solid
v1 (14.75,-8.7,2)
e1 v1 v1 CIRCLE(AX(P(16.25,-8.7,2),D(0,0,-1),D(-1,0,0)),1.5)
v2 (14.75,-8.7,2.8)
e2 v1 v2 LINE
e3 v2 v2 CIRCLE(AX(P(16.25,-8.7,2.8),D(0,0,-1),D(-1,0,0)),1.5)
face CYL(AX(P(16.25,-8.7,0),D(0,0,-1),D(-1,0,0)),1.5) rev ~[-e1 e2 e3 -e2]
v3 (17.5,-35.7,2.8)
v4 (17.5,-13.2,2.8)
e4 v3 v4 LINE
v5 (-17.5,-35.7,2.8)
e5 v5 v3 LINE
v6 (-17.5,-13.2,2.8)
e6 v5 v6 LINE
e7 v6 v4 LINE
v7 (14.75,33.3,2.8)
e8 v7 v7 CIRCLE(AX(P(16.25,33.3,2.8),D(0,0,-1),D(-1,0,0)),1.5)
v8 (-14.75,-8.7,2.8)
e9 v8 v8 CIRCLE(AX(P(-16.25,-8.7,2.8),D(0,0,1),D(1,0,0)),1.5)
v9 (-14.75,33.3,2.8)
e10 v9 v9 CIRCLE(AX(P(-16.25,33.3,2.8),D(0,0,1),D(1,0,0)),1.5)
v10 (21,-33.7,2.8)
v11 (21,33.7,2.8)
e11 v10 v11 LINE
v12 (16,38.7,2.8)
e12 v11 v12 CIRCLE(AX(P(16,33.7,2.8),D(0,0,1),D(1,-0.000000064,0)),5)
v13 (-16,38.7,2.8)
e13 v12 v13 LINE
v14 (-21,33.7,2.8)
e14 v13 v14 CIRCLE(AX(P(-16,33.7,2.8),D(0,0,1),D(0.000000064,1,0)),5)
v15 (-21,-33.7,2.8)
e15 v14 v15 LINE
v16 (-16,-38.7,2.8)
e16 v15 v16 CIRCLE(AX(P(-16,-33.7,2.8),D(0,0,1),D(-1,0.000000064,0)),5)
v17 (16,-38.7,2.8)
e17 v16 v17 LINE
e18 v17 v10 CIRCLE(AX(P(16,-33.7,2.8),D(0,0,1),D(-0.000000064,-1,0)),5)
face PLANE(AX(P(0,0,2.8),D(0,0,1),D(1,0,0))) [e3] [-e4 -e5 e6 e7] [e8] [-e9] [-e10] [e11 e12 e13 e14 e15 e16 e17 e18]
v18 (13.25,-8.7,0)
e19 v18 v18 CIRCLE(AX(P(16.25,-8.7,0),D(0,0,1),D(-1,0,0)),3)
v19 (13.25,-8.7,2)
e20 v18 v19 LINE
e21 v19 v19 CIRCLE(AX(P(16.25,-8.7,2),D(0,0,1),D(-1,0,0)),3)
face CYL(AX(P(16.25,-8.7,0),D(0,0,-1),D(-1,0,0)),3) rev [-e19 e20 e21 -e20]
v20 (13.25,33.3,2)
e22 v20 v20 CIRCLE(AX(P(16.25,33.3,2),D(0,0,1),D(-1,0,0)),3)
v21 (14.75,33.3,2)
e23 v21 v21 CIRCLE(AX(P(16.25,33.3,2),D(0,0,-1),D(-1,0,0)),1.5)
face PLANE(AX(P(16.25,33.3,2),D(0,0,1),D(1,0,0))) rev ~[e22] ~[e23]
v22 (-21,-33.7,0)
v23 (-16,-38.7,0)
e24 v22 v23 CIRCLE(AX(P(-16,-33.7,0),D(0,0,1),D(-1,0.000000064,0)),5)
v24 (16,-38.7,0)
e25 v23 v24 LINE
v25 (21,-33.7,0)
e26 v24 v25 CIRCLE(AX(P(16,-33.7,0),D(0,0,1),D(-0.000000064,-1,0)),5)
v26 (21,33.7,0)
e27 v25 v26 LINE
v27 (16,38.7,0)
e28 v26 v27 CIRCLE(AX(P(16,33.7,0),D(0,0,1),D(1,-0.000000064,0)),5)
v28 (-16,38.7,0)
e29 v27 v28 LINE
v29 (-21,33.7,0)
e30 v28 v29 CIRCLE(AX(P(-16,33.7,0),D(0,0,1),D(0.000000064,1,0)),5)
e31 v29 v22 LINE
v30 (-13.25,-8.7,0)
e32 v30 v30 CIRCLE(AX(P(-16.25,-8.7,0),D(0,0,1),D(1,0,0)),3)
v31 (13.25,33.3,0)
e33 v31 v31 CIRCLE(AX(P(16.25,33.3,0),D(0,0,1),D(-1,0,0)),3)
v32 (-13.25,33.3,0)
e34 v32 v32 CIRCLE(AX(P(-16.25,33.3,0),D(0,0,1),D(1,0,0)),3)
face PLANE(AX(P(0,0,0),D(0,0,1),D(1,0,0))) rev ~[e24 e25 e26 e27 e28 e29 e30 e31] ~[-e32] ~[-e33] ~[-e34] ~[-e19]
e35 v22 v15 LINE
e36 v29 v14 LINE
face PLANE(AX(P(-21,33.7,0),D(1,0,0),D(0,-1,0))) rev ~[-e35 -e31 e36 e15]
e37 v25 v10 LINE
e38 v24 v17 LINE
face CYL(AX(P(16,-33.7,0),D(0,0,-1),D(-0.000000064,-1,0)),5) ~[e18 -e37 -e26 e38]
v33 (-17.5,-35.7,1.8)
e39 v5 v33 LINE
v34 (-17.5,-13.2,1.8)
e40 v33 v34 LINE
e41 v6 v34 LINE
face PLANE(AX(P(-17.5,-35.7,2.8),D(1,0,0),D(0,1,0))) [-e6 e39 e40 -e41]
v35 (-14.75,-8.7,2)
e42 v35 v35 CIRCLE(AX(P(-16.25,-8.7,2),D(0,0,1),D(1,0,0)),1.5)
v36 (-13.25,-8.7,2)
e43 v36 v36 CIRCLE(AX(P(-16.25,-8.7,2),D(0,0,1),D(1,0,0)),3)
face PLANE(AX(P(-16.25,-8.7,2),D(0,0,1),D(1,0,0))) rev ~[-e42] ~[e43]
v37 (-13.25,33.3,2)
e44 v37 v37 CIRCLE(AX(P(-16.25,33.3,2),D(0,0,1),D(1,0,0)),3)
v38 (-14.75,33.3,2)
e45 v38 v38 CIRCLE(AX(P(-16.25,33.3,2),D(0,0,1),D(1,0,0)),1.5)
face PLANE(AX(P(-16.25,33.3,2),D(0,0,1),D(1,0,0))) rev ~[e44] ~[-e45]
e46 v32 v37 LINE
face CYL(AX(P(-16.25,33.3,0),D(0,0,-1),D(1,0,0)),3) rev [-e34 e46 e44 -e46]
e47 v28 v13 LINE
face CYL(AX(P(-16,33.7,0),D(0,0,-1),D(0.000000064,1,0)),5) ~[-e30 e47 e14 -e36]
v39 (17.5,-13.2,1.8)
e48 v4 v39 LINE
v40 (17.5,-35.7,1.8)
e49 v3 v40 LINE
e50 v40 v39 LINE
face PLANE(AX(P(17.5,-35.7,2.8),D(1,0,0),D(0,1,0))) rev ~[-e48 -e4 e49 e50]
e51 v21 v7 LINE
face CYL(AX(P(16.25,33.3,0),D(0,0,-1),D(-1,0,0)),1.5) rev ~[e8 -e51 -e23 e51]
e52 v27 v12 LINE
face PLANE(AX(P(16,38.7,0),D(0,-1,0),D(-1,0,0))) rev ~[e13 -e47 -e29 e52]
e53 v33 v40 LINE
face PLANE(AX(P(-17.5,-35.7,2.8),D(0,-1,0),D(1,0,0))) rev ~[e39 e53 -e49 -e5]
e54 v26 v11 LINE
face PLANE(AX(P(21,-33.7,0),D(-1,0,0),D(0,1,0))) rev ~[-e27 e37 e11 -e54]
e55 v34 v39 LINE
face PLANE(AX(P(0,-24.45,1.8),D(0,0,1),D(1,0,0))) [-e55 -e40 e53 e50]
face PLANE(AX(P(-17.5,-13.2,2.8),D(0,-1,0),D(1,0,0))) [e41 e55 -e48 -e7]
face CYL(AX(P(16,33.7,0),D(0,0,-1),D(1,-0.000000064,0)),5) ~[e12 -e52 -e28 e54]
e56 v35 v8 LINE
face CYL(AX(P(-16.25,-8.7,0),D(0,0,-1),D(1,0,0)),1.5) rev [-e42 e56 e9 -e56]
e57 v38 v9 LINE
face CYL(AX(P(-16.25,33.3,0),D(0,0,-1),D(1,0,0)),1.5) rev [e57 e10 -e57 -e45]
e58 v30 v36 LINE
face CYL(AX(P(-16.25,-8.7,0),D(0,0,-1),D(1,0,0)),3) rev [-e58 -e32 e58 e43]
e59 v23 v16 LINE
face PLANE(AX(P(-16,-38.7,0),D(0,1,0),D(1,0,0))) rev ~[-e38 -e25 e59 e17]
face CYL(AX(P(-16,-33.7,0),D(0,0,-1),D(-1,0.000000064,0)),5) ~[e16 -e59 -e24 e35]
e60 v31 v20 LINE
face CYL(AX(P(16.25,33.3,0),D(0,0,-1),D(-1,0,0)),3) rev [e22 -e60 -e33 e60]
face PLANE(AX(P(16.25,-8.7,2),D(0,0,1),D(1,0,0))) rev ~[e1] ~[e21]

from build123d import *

# Parameters (mm, degrees)
F0_R     = 3
F0_R_2   = 1.5
F1_DEPTH = 2.8
F2_DEPTH = 2
F3_W     = 35
F3_H     = 22.5
F4_DEPTH = 1


with BuildPart() as f1:
    # F0 (on Top) → F1 (new body)
    with BuildSketch(Plane.XY):
        with BuildLine():
            Line((16, 38.7), (-16, 38.7))
            ThreePointArc((-16, 38.7), (-19.535534, 37.235534), (-21, 33.7))
            Line((-21, 33.7), (-21, -33.7))
            ThreePointArc((-21, -33.7), (-19.535534, -37.235534), (-16, -38.7))
            Line((-16, -38.7), (16, -38.7))
            ThreePointArc((16, -38.7), (19.535534, -37.235534), (21, -33.7))
            Line((21, -33.7), (21, 33.7))
            ThreePointArc((21, 33.7), (19.535534, 37.235534), (16, 38.7))
        make_face()
        with Locations((-16.25, -8.7)):
            Circle(F0_R, mode=Mode.SUBTRACT)
        with BuildLine():
            ThreePointArc((19.25, -8.7), (16.25, -11.7), (13.25, -8.7))
            ThreePointArc((13.25, -8.7), (16.25, -5.7), (19.25, -8.7))
        make_face(mode=Mode.SUBTRACT)
        with Locations((-16.25, 33.3)):
            Circle(F0_R, mode=Mode.SUBTRACT)
        with BuildLine():
            ThreePointArc((19.25, 33.3), (16.25, 30.3), (13.25, 33.3))
            ThreePointArc((13.25, 33.3), (16.25, 36.3), (19.25, 33.3))
        make_face(mode=Mode.SUBTRACT)
        with Locations((-16.25, 33.3)):
            Circle(F0_R)
        with Locations((-16.25, 33.3)):
            Circle(F0_R_2, mode=Mode.SUBTRACT)
        with BuildLine():
            ThreePointArc((19.25, 33.3), (16.25, 36.3), (13.25, 33.3))
            ThreePointArc((13.25, 33.3), (16.25, 30.3), (19.25, 33.3))
        make_face()
        with BuildLine():
            ThreePointArc((17.75, 33.3), (16.25, 31.8), (14.75, 33.3))
            ThreePointArc((14.75, 33.3), (16.25, 34.8), (17.75, 33.3))
        make_face(mode=Mode.SUBTRACT)
        with Locations((-16.25, -8.7)):
            Circle(F0_R)
        with Locations((-16.25, -8.7)):
            Circle(F0_R_2, mode=Mode.SUBTRACT)
        with BuildLine():
            ThreePointArc((19.25, -8.7), (16.25, -5.7), (13.25, -8.7))
            ThreePointArc((13.25, -8.7), (16.25, -11.7), (19.25, -8.7))
        make_face()
        with BuildLine():
            ThreePointArc((17.75, -8.7), (16.25, -10.2), (14.75, -8.7))
            ThreePointArc((14.75, -8.7), (16.25, -7.2), (17.75, -8.7))
        make_face(mode=Mode.SUBTRACT)
    extrude(amount=F1_DEPTH)

    # F0 (on Top) → F2 (cut)
    with BuildSketch(Plane.XY):
        with BuildLine():
            ThreePointArc((19.25, 33.3), (16.25, 36.3), (13.25, 33.3))
            ThreePointArc((13.25, 33.3), (16.25, 30.3), (19.25, 33.3))
        make_face()
        with BuildLine():
            ThreePointArc((17.75, 33.3), (16.25, 31.8), (14.75, 33.3))
            ThreePointArc((14.75, 33.3), (16.25, 34.8), (17.75, 33.3))
        make_face(mode=Mode.SUBTRACT)
        with Locations((-16.25, 33.3)):
            Circle(F0_R)
        with Locations((-16.25, 33.3)):
            Circle(F0_R_2, mode=Mode.SUBTRACT)
        with BuildLine():
            ThreePointArc((19.25, -8.7), (16.25, -5.7), (13.25, -8.7))
            ThreePointArc((13.25, -8.7), (16.25, -11.7), (19.25, -8.7))
        make_face()
        with BuildLine():
            ThreePointArc((17.75, -8.7), (16.25, -10.2), (14.75, -8.7))
            ThreePointArc((14.75, -8.7), (16.25, -7.2), (17.75, -8.7))
        make_face(mode=Mode.SUBTRACT)
        with Locations((-16.25, -8.7)):
            Circle(F0_R)
        with Locations((-16.25, -8.7)):
            Circle(F0_R_2, mode=Mode.SUBTRACT)
    extrude(amount=F2_DEPTH, mode=Mode.SUBTRACT)

    # F3 (on face) → F4 (cut)
    with BuildSketch(Plane.XY.offset(2.8)):
        with Locations((0, -24.45)):
            Rectangle(F3_W, F3_H)
    extrude(amount=-F4_DEPTH, mode=Mode.SUBTRACT)


solid = f1.part
